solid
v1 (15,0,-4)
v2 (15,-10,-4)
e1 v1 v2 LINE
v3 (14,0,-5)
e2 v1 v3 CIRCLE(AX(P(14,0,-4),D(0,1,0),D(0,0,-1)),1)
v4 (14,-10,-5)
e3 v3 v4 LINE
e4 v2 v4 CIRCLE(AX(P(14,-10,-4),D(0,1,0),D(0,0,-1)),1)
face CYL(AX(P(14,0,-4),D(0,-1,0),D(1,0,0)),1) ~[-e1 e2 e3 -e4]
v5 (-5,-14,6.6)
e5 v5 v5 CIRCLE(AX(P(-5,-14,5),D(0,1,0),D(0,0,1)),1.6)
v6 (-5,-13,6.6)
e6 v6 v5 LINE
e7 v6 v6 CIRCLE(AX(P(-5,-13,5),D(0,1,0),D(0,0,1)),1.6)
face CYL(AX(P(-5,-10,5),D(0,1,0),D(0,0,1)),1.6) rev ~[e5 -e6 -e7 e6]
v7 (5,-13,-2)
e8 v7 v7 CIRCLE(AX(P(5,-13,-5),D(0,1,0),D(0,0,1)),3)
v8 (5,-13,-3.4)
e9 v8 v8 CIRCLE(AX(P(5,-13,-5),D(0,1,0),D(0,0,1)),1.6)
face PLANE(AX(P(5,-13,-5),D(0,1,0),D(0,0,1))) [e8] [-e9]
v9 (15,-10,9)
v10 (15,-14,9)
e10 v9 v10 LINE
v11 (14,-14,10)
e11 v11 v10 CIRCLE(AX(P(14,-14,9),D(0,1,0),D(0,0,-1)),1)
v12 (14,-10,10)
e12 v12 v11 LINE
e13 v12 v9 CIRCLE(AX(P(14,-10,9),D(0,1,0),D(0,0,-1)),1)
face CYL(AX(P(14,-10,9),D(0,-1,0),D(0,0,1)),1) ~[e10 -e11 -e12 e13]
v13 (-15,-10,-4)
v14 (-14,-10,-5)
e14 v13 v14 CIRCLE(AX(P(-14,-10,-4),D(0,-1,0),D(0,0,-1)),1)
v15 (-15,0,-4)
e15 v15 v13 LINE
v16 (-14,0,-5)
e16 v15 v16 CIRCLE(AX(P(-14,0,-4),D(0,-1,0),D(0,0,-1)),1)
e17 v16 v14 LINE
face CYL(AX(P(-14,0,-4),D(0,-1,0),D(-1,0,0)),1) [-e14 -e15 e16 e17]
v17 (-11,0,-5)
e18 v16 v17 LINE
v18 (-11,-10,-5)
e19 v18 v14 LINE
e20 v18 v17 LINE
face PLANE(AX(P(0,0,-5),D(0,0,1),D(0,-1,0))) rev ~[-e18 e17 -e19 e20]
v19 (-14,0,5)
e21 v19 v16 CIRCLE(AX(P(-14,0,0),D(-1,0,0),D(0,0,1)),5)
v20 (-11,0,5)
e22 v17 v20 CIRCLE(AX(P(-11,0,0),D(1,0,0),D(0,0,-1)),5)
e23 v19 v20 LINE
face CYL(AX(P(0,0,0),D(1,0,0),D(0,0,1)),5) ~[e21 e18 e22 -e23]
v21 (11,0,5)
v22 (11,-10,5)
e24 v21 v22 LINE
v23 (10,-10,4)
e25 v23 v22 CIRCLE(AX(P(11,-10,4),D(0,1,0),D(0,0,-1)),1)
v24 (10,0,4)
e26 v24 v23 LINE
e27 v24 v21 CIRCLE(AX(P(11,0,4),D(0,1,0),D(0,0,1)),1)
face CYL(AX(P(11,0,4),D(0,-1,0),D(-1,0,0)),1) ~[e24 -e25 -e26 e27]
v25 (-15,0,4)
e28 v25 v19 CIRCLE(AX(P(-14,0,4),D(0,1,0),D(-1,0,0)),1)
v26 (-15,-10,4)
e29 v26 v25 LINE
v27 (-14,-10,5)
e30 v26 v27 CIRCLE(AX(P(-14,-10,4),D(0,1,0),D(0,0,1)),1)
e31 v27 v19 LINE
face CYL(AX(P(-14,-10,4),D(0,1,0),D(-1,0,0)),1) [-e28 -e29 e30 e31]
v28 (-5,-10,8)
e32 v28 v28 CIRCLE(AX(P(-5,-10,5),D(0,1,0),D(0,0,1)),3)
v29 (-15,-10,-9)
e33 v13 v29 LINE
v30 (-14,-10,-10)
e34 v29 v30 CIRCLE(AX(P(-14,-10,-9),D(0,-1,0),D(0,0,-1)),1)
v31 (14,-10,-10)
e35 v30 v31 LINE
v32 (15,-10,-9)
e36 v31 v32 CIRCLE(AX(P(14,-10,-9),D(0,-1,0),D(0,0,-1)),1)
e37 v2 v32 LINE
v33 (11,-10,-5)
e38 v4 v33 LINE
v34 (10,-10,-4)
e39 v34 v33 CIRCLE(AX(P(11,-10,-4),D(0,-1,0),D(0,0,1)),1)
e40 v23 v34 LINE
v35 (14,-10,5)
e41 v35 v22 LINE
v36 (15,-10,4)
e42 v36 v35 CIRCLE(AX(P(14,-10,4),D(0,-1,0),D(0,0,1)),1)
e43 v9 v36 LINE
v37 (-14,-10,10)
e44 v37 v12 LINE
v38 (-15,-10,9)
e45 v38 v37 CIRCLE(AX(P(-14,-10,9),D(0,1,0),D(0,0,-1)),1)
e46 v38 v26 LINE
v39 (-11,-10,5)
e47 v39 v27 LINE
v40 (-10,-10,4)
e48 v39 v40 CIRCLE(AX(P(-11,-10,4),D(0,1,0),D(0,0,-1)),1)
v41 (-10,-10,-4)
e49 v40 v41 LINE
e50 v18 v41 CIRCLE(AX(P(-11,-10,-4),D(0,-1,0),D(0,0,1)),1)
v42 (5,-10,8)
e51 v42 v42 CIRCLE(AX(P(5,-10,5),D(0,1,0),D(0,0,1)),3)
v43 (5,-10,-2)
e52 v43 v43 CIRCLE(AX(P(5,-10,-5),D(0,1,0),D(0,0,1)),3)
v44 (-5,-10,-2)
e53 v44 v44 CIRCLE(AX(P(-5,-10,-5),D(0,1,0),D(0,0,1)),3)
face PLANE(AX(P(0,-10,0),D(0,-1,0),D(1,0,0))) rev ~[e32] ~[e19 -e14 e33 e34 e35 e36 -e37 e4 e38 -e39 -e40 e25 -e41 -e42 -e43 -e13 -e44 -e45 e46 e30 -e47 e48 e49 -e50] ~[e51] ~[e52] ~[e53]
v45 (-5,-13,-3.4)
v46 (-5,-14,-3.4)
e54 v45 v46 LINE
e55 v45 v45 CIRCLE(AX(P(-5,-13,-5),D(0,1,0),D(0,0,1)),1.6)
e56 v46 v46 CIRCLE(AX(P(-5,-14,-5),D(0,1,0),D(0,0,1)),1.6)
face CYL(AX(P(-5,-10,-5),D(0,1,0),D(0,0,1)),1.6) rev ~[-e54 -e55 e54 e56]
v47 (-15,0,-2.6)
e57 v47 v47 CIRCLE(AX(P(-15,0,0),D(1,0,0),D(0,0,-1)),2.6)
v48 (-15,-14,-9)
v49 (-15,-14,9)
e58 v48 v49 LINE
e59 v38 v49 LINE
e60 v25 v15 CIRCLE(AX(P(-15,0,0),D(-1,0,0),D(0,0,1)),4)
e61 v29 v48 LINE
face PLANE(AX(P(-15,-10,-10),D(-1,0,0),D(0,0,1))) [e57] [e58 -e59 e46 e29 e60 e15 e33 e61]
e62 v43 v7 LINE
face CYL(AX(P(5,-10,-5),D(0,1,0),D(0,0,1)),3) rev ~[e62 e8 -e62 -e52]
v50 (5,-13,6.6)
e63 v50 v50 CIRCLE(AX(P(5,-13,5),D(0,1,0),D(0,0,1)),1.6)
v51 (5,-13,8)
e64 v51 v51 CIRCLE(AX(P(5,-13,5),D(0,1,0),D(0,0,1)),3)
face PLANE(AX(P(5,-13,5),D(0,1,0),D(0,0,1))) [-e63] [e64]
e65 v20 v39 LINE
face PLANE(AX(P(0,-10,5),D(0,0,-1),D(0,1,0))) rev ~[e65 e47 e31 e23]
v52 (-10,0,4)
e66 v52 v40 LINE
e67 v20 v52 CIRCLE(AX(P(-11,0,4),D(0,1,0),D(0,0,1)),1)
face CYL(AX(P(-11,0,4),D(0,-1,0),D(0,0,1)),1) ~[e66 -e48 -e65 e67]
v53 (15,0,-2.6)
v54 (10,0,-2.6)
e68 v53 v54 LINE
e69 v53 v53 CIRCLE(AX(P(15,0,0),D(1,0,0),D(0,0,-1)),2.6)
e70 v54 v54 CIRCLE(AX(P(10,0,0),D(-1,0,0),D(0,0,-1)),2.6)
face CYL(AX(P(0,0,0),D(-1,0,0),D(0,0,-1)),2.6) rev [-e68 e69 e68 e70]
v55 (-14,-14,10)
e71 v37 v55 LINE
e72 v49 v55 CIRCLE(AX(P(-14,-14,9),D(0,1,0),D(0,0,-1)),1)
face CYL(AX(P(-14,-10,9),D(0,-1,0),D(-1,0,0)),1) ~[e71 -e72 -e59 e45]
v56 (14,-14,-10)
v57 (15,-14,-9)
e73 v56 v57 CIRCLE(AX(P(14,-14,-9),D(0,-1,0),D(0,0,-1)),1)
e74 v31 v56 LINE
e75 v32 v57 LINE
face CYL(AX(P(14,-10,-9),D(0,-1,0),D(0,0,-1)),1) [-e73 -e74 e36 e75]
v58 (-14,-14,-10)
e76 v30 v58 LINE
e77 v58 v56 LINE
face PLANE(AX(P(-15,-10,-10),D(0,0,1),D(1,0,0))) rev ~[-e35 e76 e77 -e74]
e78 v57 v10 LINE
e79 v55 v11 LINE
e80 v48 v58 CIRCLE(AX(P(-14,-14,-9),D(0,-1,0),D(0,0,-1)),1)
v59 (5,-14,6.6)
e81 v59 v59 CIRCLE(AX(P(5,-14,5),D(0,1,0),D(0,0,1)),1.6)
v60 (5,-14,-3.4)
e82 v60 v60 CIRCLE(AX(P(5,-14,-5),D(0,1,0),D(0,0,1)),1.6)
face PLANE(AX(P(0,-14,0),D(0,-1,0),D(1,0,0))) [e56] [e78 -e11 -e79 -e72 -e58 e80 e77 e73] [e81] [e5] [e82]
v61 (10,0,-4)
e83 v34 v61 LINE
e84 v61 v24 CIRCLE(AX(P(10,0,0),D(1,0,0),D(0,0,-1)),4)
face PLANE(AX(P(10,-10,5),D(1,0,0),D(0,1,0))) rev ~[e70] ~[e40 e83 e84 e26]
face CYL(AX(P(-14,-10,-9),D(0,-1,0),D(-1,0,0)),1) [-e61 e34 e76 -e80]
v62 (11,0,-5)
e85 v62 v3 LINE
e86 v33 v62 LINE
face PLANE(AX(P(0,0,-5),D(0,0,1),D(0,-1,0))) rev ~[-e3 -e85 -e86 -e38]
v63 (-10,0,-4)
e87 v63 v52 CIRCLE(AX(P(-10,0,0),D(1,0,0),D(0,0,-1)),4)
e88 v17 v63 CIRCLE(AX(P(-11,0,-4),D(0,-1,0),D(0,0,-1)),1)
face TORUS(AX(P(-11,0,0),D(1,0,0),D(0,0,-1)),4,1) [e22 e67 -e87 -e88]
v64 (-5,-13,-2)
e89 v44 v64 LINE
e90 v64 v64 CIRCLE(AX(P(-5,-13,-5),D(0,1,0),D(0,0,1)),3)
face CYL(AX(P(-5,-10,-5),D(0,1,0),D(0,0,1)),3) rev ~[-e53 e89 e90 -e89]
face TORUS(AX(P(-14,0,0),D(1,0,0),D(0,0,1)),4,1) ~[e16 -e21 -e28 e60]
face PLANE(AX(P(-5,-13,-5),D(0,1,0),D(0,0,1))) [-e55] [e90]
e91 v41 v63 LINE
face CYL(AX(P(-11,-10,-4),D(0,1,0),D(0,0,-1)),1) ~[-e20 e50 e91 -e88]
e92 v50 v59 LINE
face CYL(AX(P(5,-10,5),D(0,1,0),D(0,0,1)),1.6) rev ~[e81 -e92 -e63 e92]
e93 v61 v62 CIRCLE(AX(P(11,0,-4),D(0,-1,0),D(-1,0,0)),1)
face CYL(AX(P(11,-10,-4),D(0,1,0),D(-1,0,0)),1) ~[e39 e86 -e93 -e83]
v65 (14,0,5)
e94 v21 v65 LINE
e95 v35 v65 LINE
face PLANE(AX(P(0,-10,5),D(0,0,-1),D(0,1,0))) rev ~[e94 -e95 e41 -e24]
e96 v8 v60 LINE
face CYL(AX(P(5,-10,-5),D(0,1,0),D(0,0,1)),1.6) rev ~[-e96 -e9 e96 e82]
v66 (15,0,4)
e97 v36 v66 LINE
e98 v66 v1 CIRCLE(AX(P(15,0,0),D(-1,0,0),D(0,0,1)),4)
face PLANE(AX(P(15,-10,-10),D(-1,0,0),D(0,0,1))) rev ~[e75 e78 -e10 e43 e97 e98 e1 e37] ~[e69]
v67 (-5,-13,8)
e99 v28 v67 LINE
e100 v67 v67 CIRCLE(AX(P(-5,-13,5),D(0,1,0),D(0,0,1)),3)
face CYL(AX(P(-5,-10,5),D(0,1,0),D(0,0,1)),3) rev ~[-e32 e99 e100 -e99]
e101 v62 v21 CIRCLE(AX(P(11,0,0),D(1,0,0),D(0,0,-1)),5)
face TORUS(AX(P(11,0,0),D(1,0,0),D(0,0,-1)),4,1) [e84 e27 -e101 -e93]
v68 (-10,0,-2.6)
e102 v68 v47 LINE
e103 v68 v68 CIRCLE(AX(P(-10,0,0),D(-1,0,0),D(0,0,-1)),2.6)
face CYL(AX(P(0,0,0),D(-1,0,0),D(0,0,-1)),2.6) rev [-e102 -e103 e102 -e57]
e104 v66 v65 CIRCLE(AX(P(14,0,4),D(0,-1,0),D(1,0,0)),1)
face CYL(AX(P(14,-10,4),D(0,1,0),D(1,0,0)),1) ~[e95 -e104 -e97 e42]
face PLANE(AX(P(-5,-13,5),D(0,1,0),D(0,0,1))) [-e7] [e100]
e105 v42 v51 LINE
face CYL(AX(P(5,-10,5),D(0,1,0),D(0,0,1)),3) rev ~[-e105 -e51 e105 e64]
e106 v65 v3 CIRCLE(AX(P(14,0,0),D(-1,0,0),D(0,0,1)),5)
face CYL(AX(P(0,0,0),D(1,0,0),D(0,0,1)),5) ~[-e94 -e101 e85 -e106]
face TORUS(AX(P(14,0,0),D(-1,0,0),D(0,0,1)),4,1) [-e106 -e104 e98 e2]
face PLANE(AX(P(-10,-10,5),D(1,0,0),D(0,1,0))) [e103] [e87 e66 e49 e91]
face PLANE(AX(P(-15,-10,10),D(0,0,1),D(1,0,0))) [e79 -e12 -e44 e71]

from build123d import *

# Parameters (mm, degrees)
ESQUISSE2_R             = 2.6
BOSS_EXTRU_1_DEPTH      = 15
ESQUISSE4_W             = 30
ESQUISSE4_H             = 20
BOSS_EXTRU_2_DEPTH      = 4
ENL_V_MAT_EXTRU_1_REACH = 6
ESQUISSE5_R             = 1.6
ESQUISSE6_W             = 20
ESQUISSE6_H             = 21.543710407
ENL_V_MAT_EXTRU_2_DEPTH = 16
ESQUISSE7_R             = 3
ENL_V_MAT_EXTRU_3_DEPTH = 3
CONG_1_R                = 1


with BuildPart() as part:
    # Esquisse2 → Boss.-Extru.1 (new body, symmetric)
    with BuildSketch(Plane(origin=(0, 0, 0), x_dir=(0, 0, -1), z_dir=(1, 0, 0))):
        with BuildLine():
            Line((5, 0), (5, -10))
            Line((5, -10), (-5, -10))
            Line((-5, -10), (-5, 0))
            ThreePointArc((-5, 0), (0, 5), (5, 0))
        make_face()
        Circle(ESQUISSE2_R, mode=Mode.SUBTRACT)
    extrude(amount=BOSS_EXTRU_1_DEPTH, both=True)

    # Esquisse4 → Boss.-Extru.2 (add)
    with BuildSketch(Plane.XZ.offset(10)):
        Rectangle(ESQUISSE4_W, ESQUISSE4_H)
    extrude(amount=BOSS_EXTRU_2_DEPTH)

    # Esquisse5 → Enlèv. mat.-Extru.1 (cut, up to next)
    with BuildSketch(Plane(origin=(0, -10, 0), x_dir=(1, 0, 0), z_dir=(0, 1, 0)), mode=Mode.PRIVATE) as enl_v_mat_extru_1_sk1:
        with Locations(Location((5, -5, 0), (0, 0, 270))):  # turned: the seam where the file's is
            Circle(ESQUISSE5_R)
    enl_v_mat_extru_1_tool1 = extrude(enl_v_mat_extru_1_sk1.sketch, amount=-ENL_V_MAT_EXTRU_1_REACH, mode=Mode.PRIVATE) & part.part
    add(enl_v_mat_extru_1_tool1.solids().sort_by_distance((5, -10, 5))[0], mode=Mode.SUBTRACT)
    # Esquisse5 → Enlèv. mat.-Extru.1 (cut, up to next)
    with BuildSketch(Plane(origin=(0, -10, 0), x_dir=(1, 0, 0), z_dir=(0, 1, 0)), mode=Mode.PRIVATE) as enl_v_mat_extru_1_sk2:
        with Locations(Location((5, 5, 0), (0, 0, 270))):  # turned: the seam where the file's is
            Circle(ESQUISSE5_R)
    enl_v_mat_extru_1_tool2 = extrude(enl_v_mat_extru_1_sk2.sketch, amount=-ENL_V_MAT_EXTRU_1_REACH, mode=Mode.PRIVATE) & part.part
    add(enl_v_mat_extru_1_tool2.solids().sort_by_distance((5, -10, -5))[0], mode=Mode.SUBTRACT)
    # Esquisse5 → Enlèv. mat.-Extru.1 (cut, up to next)
    with BuildSketch(Plane(origin=(0, -10, 0), x_dir=(1, 0, 0), z_dir=(0, 1, 0)), mode=Mode.PRIVATE) as enl_v_mat_extru_1_sk3:
        with Locations(Location((-5, 5, 0), (0, 0, 270))):  # turned: the seam where the file's is
            Circle(ESQUISSE5_R)
    enl_v_mat_extru_1_tool3 = extrude(enl_v_mat_extru_1_sk3.sketch, amount=-ENL_V_MAT_EXTRU_1_REACH, mode=Mode.PRIVATE) & part.part
    add(enl_v_mat_extru_1_tool3.solids().sort_by_distance((-5, -10, -5))[0], mode=Mode.SUBTRACT)
    # Esquisse5 → Enlèv. mat.-Extru.1 (cut, up to next)
    with BuildSketch(Plane(origin=(0, -10, 0), x_dir=(1, 0, 0), z_dir=(0, 1, 0)), mode=Mode.PRIVATE) as enl_v_mat_extru_1_sk4:
        with Locations(Location((-5, -5, 0), (0, 0, 270))):  # turned: the seam where the file's is
            Circle(ESQUISSE5_R)
    enl_v_mat_extru_1_tool4 = extrude(enl_v_mat_extru_1_sk4.sketch, amount=-ENL_V_MAT_EXTRU_1_REACH, mode=Mode.PRIVATE) & part.part
    add(enl_v_mat_extru_1_tool4.solids().sort_by_distance((-5, -10, 5))[0], mode=Mode.SUBTRACT)

    # Esquisse6 → Enlèv. mat.-Extru.2 (cut, through all)
    with BuildSketch(Plane.XY.offset(5)):
        with Locations((0, 0.771855204)):
            Rectangle(ESQUISSE6_W, ESQUISSE6_H)
    extrude(amount=-ENL_V_MAT_EXTRU_2_DEPTH, mode=Mode.SUBTRACT)

    # Esquisse7 → Enlèv. mat.-Extru.3 (cut)
    with BuildSketch(Plane(origin=(0, -10, 0), x_dir=(1, 0, 0), z_dir=(0, 1, 0))):
        with Locations(Location((-5, 5, 0), (0, 0, 270))):  # turned: the seam where the file's is
            Circle(ESQUISSE7_R)
        with Locations(Location((5, 5, 0), (0, 0, 270))):  # turned: the seam where the file's is
            Circle(ESQUISSE7_R)
        with Locations(Location((5, -5, 0), (0, 0, 270))):  # turned: the seam where the file's is
            Circle(ESQUISSE7_R)
        with Locations(Location((-5, -5, 0), (0, 0, 270))):  # turned: the seam where the file's is
            Circle(ESQUISSE7_R)
    extrude(amount=-ENL_V_MAT_EXTRU_3_DEPTH, mode=Mode.SUBTRACT)

    # Congé1
    cong_1_edges = [part.edges().sort_by_distance(p)[0] for p in [
        (15, -5, -5),
        (-15, -12, 10),
        (-15, -12, -10),
        (15, -12, -10),
        (15, -12, 10),
        (15, 5, 0),
        (-15, -5, -5),
        (-15, -5, 5),
        (-15, 5, 0),
        (-10, 5, 0),
        (-10, -5, -5),
        (10, -5, -5),
        (10, 5, 0),
        (10, -5, 5),
        (-10, -5, 5),
        (15, -5, 5),
    ]]
    fillet(cong_1_edges, radius=CONG_1_R)


solid = part.part
